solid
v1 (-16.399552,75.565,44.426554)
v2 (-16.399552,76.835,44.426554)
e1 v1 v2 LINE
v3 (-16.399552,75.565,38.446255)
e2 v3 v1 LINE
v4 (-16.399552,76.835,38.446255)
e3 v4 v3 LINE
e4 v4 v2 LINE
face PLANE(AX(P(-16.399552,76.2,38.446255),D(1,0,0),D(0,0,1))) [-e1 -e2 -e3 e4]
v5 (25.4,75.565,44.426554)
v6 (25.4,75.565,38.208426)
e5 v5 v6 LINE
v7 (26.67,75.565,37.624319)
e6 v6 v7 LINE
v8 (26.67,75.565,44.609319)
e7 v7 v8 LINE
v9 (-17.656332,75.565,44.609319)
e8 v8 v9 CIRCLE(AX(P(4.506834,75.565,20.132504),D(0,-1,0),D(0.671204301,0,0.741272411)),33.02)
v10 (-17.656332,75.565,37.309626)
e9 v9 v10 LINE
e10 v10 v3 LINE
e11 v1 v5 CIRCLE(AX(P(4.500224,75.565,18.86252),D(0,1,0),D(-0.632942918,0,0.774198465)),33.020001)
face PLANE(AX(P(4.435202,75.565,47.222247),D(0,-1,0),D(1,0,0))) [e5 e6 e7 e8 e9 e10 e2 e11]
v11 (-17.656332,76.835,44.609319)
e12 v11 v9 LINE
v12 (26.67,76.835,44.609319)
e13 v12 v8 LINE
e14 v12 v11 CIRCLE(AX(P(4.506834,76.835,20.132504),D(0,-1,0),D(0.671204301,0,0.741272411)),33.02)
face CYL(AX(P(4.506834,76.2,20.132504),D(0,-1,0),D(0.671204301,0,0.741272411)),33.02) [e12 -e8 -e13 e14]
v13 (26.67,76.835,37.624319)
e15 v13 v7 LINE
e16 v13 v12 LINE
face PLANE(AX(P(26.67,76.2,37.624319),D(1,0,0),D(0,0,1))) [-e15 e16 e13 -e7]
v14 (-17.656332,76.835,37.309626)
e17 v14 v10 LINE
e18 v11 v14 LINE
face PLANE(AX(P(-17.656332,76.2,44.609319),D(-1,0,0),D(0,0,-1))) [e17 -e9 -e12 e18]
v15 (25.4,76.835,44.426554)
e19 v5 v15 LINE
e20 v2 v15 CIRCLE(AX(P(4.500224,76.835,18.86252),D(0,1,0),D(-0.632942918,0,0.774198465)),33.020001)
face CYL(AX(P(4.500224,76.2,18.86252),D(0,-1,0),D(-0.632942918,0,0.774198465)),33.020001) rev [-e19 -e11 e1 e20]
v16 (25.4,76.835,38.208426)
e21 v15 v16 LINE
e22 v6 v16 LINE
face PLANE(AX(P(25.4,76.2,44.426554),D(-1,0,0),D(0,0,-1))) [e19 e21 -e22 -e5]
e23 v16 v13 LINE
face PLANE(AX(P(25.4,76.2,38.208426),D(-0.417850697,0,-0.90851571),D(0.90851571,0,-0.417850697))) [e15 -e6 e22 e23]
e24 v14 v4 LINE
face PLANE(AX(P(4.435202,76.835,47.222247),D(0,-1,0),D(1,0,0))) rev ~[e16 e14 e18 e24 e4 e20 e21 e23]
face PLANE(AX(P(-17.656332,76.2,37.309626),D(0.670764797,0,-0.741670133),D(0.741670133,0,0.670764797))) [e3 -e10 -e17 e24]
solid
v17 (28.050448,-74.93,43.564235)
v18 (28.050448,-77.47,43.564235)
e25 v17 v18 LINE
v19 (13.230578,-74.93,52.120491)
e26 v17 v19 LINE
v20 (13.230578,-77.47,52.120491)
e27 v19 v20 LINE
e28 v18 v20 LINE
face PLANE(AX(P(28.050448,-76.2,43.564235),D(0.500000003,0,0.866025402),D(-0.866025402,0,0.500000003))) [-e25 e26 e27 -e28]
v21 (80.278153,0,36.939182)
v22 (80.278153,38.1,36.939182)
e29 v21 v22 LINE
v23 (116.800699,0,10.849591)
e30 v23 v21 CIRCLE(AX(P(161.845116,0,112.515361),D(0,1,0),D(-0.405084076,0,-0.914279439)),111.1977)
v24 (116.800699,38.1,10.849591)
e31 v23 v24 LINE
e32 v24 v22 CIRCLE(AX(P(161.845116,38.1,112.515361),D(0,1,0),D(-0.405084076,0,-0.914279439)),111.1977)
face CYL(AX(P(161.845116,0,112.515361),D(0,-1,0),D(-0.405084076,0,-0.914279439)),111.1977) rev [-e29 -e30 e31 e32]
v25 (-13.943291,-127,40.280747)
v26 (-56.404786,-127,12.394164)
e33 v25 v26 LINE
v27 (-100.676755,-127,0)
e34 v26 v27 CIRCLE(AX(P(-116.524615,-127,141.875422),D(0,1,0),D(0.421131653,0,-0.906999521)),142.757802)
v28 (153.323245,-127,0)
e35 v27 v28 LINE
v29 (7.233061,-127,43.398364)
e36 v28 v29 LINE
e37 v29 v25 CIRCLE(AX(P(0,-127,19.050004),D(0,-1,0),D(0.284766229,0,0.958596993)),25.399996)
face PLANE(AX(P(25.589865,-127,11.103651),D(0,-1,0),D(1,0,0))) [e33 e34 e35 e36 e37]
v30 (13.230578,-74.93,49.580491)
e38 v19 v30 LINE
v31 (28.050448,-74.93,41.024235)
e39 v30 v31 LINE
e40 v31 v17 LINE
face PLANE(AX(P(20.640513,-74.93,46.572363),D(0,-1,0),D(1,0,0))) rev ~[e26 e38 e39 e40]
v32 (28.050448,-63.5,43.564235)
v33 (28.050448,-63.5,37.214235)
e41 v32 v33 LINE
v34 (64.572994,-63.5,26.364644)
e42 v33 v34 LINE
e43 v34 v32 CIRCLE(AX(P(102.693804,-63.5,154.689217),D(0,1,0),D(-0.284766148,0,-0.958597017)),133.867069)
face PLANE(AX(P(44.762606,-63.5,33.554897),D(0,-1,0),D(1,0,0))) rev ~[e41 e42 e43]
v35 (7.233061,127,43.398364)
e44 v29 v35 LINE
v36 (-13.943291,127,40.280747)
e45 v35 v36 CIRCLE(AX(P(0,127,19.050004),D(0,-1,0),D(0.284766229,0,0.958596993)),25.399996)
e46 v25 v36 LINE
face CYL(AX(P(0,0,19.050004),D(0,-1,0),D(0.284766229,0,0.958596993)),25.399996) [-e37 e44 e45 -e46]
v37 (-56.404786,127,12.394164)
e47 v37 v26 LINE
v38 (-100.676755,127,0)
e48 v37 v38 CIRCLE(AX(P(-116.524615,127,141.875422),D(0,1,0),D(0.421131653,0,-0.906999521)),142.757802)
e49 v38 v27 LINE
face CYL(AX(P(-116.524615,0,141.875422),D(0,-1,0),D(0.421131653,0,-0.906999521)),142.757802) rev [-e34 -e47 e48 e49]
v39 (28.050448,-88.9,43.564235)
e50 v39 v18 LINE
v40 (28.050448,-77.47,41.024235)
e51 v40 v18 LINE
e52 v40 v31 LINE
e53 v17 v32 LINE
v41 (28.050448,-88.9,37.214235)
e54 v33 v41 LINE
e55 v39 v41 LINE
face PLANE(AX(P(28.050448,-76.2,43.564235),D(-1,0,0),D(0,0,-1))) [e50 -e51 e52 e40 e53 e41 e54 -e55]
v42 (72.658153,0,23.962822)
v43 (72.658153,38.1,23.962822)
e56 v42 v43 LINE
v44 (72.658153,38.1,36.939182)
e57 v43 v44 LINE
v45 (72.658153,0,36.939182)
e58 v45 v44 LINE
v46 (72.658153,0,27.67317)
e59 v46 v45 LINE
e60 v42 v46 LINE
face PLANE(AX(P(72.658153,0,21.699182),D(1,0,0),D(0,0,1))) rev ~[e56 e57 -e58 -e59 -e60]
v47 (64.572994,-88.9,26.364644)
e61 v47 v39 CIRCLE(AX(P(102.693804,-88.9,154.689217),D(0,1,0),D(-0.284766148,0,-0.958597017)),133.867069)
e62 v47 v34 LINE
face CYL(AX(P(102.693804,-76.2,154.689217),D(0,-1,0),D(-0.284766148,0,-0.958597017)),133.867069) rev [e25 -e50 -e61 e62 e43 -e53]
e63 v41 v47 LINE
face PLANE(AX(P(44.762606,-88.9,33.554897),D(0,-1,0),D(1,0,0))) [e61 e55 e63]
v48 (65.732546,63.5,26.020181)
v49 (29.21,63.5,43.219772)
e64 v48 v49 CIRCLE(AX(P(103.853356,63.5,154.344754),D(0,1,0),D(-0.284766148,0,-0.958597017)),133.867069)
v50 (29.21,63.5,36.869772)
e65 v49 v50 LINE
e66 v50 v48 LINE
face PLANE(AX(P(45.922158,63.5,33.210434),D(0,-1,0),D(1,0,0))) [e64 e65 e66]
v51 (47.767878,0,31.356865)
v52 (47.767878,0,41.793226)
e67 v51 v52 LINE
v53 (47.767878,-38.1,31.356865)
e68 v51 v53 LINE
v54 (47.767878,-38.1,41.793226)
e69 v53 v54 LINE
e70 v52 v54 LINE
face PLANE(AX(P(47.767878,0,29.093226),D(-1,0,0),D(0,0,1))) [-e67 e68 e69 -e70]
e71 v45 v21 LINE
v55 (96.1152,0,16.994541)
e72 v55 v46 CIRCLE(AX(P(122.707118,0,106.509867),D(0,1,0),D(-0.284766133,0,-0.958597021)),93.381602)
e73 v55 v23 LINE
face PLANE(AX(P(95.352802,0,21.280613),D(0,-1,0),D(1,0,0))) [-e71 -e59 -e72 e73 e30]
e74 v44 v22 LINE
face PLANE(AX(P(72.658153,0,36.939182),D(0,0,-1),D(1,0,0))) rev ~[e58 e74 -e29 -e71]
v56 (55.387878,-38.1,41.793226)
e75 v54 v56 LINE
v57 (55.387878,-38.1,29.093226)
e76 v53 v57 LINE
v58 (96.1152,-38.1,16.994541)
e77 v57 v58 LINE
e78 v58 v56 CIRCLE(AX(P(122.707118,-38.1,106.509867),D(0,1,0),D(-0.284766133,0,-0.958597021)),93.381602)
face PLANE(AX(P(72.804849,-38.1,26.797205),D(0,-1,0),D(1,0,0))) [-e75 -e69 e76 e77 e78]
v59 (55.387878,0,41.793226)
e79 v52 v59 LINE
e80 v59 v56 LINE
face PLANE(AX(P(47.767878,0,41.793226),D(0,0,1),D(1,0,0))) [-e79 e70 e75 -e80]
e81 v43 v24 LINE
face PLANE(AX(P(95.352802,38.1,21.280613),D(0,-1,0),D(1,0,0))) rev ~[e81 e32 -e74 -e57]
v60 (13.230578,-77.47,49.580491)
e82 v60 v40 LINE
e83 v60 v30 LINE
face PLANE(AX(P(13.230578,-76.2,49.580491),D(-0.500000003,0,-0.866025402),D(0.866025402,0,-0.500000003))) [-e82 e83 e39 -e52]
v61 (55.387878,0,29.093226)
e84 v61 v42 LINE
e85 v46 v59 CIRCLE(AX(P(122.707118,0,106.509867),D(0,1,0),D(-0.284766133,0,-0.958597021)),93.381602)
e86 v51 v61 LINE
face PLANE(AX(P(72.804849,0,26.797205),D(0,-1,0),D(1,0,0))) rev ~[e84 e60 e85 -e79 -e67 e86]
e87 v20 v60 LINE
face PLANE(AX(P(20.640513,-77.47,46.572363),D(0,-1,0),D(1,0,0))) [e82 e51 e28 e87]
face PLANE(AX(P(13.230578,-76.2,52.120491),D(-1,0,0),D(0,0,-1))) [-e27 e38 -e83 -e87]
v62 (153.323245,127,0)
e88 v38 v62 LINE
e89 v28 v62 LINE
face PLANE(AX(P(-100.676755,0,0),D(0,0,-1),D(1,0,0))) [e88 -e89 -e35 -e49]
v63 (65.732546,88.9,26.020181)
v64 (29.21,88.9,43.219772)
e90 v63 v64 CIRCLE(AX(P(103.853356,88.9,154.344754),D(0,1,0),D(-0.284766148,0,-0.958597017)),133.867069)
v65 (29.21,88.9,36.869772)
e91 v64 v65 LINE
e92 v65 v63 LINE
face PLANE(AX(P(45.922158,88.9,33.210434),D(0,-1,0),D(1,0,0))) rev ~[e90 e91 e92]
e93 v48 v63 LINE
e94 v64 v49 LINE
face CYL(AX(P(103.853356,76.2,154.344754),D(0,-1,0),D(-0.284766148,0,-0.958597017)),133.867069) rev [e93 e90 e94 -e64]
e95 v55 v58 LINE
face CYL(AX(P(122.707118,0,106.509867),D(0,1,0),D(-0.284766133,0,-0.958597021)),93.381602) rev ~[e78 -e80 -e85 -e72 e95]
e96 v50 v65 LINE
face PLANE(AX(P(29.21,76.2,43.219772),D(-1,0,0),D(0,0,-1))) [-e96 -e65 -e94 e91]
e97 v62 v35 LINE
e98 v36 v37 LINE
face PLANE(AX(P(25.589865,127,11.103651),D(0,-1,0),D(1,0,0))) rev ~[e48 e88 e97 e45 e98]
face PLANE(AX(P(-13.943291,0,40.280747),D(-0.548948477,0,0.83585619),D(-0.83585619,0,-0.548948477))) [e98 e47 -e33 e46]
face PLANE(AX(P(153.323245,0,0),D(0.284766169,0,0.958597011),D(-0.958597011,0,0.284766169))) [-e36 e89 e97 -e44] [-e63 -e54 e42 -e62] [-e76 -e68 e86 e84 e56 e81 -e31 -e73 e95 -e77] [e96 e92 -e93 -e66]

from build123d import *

# Parameters (mm, degrees)
F1_DEPTH  = 127
F2_W      = 7.62
F2_H      = 12.7
F3_DEPTH  = 38.1
F4_W      = 7.62
F4_H      = 15.24
F5_DEPTH  = 38.1
F8_DEPTH  = 12.7
F11_DEPTH = 12.7
F13_DEPTH = 1.27
F15_DEPTH = 0.635


with BuildPart() as f1:
    # F0 (on Front) → F1 (new body, symmetric)
    with BuildSketch(Plane.XZ):
        with BuildLine():
            Line((-13.943291, 40.280747), (-56.404786, 12.394164))
            ThreePointArc((-56.404786, 12.394164), (-78.038562, 4.403193), (-100.676755, 0))
            Line((-100.676755, 0), (-75.276755, 0))
            Line((-75.276755, 0), (153.323245, 0))
            Line((153.323245, 0), (7.233061, 43.398364))
            ThreePointArc((7.233061, 43.398364), (-3.699552, 44.179133), (-13.943291, 40.280747))
        make_face()
    extrude(amount=F1_DEPTH, both=True)

    # F2 (on Front) → F3 (join)
    with BuildSketch(Plane.XZ):
        with BuildLine():
            Line((55.387878, 41.793226), (55.387878, 29.093226))
            Line((55.387878, 29.093226), (96.1152, 16.994541))
            ThreePointArc((96.1152, 16.994541), (74.142006, 26.750519), (55.387878, 41.793226))
        make_face()
        with Locations((51.577878, 35.443226)):
            Rectangle(F2_W, F2_H)
    extrude(amount=F3_DEPTH)

    # F4 (on Front) → F5 (join)
    with BuildSketch(Plane.XZ):
        with BuildLine():
            ThreePointArc((116.800699, 10.849591), (97.20939, 22.032483), (80.278153, 36.939182))
            Line((80.278153, 36.939182), (80.278153, 21.699182))
            Line((80.278153, 21.699182), (116.800699, 10.849591))
        make_face()
        with Locations((76.468153, 29.319182)):
            Rectangle(F4_W, F4_H)
    extrude(amount=-F5_DEPTH)

    # F7 (on offset) → F8 (join, symmetric)
    with BuildSketch(Plane.XZ.offset(76.2)):
        with BuildLine():
            Line((28.050448, 43.564235), (28.050448, 37.214235))
            Line((28.050448, 37.214235), (64.572994, 26.364644))
            ThreePointArc((64.572994, 26.364644), (45.659641, 33.579777), (28.050448, 43.564235))
        make_face()
    extrude(amount=F8_DEPTH, both=True)

    # F10 (on offset) → F11 (join, symmetric)
    with BuildSketch(Plane.XZ.offset(-76.2)):
        with BuildLine():
            ThreePointArc((65.732546, 26.020181), (46.819193, 33.235314), (29.21, 43.219772))
            Line((29.21, 43.219772), (29.21, 36.869772))
            Line((29.21, 36.869772), (65.732546, 26.020181))
        make_face()
    extrude(amount=F11_DEPTH, both=True)

    # F12 (on offset) → F13 (join, symmetric)
    with BuildSketch(Plane.XZ.offset(76.2)):
        Polygon((28.050448, 41.024235), (28.050448, 43.564235), (13.230578, 52.120491), (13.230578, 49.580491), align=None)
    extrude(amount=F13_DEPTH, both=True)


with BuildPart() as f15:
    # F14 (on offset) → F15 (new body, symmetric)
    with BuildSketch(Plane.XZ.offset(-76.2)):
        with BuildLine():
            Line((25.4, 38.208426), (26.67, 37.624319))
            Line((26.67, 37.624319), (26.67, 44.609319))
            ThreePointArc((26.67, 44.609319), (4.506834, 53.152504), (-17.656332, 44.609319))
            Line((-17.656332, 44.609319), (-17.656332, 37.309626))
            Line((-17.656332, 37.309626), (-16.399552, 38.446255))
            Line((-16.399552, 38.446255), (-16.399552, 44.426554))
            ThreePointArc((-16.399552, 44.426554), (4.500224, 51.882521), (25.4, 44.426554))
            Line((25.4, 44.426554), (25.4, 38.208426))
        make_face()
    extrude(amount=F15_DEPTH, both=True)


solid = Compound([f1.part, f15.part])
